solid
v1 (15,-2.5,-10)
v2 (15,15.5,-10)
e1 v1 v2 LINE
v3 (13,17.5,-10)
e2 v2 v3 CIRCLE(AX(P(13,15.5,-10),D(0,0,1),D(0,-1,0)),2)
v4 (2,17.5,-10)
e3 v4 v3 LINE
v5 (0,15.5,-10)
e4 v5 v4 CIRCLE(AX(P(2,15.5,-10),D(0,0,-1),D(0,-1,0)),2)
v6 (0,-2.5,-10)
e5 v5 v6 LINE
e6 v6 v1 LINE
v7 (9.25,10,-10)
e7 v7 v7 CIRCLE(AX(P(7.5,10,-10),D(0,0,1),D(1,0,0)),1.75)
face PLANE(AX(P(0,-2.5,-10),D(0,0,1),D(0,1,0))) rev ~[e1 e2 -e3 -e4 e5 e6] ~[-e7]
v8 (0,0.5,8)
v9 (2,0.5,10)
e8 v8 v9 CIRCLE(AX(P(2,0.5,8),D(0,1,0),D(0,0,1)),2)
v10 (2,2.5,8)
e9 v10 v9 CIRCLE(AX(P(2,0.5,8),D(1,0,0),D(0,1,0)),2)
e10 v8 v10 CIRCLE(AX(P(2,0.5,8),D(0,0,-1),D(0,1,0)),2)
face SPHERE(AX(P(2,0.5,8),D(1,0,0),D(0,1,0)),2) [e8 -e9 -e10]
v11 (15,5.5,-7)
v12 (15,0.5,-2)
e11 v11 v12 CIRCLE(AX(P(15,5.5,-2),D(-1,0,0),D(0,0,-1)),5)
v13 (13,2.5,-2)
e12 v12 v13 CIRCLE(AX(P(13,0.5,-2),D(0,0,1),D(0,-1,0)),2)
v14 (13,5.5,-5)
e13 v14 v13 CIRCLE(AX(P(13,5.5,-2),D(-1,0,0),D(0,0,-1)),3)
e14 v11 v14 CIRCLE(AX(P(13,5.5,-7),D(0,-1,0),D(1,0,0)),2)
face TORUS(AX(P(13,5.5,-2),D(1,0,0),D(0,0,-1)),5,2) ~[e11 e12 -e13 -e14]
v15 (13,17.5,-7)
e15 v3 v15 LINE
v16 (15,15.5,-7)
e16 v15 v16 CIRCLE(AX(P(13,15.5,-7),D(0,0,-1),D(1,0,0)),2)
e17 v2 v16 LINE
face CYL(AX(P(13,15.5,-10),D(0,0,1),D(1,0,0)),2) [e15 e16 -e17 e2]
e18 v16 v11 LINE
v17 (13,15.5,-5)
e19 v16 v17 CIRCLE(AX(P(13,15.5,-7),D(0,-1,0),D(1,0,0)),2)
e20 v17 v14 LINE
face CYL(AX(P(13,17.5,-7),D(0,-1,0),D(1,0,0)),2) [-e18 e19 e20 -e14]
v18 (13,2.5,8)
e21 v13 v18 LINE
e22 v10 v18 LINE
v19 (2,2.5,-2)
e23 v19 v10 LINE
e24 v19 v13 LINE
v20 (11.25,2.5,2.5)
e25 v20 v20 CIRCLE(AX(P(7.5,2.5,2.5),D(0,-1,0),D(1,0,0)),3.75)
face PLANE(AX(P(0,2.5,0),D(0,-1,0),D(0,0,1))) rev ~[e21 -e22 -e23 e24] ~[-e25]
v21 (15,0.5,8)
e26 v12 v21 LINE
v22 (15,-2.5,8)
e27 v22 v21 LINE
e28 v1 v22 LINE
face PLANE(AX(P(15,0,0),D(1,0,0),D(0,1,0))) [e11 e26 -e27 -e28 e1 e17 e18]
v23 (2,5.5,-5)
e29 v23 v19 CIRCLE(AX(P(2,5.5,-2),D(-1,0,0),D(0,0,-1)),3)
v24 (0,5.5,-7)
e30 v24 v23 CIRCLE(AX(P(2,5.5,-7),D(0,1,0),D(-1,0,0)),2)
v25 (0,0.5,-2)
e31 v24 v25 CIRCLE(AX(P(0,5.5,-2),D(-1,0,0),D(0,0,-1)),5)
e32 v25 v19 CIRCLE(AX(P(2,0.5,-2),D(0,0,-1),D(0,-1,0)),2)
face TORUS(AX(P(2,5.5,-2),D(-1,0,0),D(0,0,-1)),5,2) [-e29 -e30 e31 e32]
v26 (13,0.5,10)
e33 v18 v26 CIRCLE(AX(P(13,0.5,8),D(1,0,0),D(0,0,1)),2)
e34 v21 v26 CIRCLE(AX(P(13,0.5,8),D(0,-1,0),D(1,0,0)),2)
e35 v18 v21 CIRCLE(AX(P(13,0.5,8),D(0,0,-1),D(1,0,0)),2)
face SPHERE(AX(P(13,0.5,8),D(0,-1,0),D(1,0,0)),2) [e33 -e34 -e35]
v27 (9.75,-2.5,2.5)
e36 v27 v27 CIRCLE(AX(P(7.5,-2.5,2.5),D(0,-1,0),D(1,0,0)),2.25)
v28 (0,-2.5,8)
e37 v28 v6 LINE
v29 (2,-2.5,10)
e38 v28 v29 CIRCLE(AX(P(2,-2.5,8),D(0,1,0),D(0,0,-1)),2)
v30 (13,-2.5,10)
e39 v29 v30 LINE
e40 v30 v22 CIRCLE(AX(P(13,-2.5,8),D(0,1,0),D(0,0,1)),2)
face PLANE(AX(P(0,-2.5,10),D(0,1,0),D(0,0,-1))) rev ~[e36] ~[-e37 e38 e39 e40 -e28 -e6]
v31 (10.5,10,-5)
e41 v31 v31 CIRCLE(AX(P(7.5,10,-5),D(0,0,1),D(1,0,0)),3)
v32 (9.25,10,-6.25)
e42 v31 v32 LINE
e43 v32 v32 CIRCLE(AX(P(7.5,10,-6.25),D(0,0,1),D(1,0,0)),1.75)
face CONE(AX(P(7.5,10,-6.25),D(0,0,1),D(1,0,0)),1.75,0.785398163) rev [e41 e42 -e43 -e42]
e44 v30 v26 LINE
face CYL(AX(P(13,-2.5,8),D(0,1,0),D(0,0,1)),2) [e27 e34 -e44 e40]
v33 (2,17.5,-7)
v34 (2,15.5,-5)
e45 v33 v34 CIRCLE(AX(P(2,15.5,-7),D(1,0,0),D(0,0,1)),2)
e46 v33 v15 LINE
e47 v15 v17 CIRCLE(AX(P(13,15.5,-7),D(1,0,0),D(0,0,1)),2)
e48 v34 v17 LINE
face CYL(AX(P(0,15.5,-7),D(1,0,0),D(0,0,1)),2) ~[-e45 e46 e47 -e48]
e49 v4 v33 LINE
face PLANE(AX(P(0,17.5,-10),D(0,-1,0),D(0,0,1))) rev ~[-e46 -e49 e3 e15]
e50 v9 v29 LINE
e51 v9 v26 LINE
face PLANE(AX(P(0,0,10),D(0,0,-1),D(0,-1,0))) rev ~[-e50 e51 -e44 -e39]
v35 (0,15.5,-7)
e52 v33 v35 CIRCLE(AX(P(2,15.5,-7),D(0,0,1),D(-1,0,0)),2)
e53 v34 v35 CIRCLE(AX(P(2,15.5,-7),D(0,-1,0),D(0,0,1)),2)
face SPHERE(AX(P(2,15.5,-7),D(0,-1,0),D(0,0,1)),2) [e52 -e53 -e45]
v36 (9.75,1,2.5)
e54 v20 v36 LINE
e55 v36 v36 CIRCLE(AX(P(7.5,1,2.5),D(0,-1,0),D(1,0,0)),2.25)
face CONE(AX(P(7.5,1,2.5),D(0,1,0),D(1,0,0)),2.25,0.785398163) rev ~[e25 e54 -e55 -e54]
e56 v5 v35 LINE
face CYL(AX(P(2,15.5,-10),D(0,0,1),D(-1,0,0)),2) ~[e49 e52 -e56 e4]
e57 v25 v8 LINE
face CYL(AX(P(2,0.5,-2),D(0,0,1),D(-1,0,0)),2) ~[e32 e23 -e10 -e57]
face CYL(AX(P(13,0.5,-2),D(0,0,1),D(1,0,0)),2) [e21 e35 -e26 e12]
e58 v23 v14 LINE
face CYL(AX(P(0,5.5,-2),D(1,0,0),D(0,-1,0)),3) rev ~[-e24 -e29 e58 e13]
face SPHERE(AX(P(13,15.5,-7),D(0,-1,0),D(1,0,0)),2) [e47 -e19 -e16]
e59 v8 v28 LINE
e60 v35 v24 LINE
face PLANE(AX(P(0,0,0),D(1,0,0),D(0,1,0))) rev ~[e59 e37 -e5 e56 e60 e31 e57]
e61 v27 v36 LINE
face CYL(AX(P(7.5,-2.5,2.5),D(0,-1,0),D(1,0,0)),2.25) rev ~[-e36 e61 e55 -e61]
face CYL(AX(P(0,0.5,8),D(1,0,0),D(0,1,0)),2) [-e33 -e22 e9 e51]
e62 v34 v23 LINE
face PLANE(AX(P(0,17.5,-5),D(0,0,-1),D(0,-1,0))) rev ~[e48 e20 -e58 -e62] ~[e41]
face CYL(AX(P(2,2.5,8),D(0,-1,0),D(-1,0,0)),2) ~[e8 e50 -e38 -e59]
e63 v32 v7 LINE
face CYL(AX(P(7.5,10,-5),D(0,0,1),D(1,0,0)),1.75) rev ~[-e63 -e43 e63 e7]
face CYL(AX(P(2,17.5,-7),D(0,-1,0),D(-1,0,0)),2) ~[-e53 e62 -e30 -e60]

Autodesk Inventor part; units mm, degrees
ref_plane "YZ Plane" through (0, 0, 0) normal (1, 0, 0) x (0, 1, 0)
ref_plane "XZ Plane" through (0, 0, 0) normal (0, 1, 0) x (-1, 0, 0)
ref_plane "XY Plane" through (0, 0, 0) normal (0, 0, 1) x (1, 0, 0)
sketch "Sketch1" plane through (0, 0, 0) normal (1, 0, 0) x (0, 1, 0)
  line L0 (0, 0) -> (0, 23.2432)
  line L1 (0, 23.2432) -> (0, 0)
  line L2 (0, 0) -> (17.5676, 0)
  line L3 (0, 0) -> (0, -18.1081)
  line L4 (0, 0) -> (-14.0541, 0)
  line L5 (-2.5, 10) -> (-2.5, -10)
  line L6 (-2.5, -10) -> (17.5, -10)
  line L7 (17.5, -10) -> (17.5, -5)
  line L8 (17.5, -5) -> (2.5, -5)
  line L9 (2.5, -5) -> (2.5, 10)
  line L10 (2.5, 10) -> (-2.5, 10)
  dimension "d0" = 20
  dimension "d1" = 5
  dimension "d2" = 5
  dimension "d3" = 20
extrude "Extrusion1" add sketch "Sketch1" along normal blind 15
sketch "Sketch2" plane through (0, -2.5, -10) normal (0, -1, 0) x (1, 0, 0)
  line L0 (0, 20) -> (0, 0) projected
  line L1 (0, 0) -> (15, 0) projected
  line L2 (15, 20) -> (15, 0) projected
  line L3 (0, 20) -> (15, 20) projected
  circle A0 centre (7.5, 12.5) radius 2.25
  point P0 (0, 10)
  dimension "d6" = 4.5
  dimension "d7" = 12.5
extrude "Extrusion2" cut sketch "Sketch2" against normal through all contours A0
sketch "Sketch3" plane through (0, 2.5, -5) normal (0, 0, 1) x (1, 0, 0)
  line L0 (0, 15) -> (0, 0) projected
  line L1 (0, 0) -> (15, 0) projected
  line L2 (15, 15) -> (15, 0) projected
  line L3 (0, 15) -> (15, 15) projected
  circle A0 centre (7.5, 7.5) radius 1.75
  point P0 (0, -2.5)
  dimension "d10" = 3.5
extrude "Extrusion3" cut sketch "Sketch3" against normal through all contours A0
chamfer "Chamfer1" distance 1.25 angle 45 1 edges at (5.75, 10, -5)
chamfer "Chamfer2" distance 1.5 angle 45 1 edges at (5.25, 2.5, 2.5)
fillet "Fillet1" radius 3 1 edges at (7.5, 2.5, -5)
fillet "Fillet2" radius 2 10 edges at (15, 0, 10) (15, 11.5, -5) (15, 2.5, 4) (15, 17.5, -7.5) (7.5, 2.5, 10) (0, 11.5, -5) (0, 2.5, 4) (7.5, 17.5, -5) (0, 0, 10) (0, 17.5, -7.5)
properties part number "escuadra"
